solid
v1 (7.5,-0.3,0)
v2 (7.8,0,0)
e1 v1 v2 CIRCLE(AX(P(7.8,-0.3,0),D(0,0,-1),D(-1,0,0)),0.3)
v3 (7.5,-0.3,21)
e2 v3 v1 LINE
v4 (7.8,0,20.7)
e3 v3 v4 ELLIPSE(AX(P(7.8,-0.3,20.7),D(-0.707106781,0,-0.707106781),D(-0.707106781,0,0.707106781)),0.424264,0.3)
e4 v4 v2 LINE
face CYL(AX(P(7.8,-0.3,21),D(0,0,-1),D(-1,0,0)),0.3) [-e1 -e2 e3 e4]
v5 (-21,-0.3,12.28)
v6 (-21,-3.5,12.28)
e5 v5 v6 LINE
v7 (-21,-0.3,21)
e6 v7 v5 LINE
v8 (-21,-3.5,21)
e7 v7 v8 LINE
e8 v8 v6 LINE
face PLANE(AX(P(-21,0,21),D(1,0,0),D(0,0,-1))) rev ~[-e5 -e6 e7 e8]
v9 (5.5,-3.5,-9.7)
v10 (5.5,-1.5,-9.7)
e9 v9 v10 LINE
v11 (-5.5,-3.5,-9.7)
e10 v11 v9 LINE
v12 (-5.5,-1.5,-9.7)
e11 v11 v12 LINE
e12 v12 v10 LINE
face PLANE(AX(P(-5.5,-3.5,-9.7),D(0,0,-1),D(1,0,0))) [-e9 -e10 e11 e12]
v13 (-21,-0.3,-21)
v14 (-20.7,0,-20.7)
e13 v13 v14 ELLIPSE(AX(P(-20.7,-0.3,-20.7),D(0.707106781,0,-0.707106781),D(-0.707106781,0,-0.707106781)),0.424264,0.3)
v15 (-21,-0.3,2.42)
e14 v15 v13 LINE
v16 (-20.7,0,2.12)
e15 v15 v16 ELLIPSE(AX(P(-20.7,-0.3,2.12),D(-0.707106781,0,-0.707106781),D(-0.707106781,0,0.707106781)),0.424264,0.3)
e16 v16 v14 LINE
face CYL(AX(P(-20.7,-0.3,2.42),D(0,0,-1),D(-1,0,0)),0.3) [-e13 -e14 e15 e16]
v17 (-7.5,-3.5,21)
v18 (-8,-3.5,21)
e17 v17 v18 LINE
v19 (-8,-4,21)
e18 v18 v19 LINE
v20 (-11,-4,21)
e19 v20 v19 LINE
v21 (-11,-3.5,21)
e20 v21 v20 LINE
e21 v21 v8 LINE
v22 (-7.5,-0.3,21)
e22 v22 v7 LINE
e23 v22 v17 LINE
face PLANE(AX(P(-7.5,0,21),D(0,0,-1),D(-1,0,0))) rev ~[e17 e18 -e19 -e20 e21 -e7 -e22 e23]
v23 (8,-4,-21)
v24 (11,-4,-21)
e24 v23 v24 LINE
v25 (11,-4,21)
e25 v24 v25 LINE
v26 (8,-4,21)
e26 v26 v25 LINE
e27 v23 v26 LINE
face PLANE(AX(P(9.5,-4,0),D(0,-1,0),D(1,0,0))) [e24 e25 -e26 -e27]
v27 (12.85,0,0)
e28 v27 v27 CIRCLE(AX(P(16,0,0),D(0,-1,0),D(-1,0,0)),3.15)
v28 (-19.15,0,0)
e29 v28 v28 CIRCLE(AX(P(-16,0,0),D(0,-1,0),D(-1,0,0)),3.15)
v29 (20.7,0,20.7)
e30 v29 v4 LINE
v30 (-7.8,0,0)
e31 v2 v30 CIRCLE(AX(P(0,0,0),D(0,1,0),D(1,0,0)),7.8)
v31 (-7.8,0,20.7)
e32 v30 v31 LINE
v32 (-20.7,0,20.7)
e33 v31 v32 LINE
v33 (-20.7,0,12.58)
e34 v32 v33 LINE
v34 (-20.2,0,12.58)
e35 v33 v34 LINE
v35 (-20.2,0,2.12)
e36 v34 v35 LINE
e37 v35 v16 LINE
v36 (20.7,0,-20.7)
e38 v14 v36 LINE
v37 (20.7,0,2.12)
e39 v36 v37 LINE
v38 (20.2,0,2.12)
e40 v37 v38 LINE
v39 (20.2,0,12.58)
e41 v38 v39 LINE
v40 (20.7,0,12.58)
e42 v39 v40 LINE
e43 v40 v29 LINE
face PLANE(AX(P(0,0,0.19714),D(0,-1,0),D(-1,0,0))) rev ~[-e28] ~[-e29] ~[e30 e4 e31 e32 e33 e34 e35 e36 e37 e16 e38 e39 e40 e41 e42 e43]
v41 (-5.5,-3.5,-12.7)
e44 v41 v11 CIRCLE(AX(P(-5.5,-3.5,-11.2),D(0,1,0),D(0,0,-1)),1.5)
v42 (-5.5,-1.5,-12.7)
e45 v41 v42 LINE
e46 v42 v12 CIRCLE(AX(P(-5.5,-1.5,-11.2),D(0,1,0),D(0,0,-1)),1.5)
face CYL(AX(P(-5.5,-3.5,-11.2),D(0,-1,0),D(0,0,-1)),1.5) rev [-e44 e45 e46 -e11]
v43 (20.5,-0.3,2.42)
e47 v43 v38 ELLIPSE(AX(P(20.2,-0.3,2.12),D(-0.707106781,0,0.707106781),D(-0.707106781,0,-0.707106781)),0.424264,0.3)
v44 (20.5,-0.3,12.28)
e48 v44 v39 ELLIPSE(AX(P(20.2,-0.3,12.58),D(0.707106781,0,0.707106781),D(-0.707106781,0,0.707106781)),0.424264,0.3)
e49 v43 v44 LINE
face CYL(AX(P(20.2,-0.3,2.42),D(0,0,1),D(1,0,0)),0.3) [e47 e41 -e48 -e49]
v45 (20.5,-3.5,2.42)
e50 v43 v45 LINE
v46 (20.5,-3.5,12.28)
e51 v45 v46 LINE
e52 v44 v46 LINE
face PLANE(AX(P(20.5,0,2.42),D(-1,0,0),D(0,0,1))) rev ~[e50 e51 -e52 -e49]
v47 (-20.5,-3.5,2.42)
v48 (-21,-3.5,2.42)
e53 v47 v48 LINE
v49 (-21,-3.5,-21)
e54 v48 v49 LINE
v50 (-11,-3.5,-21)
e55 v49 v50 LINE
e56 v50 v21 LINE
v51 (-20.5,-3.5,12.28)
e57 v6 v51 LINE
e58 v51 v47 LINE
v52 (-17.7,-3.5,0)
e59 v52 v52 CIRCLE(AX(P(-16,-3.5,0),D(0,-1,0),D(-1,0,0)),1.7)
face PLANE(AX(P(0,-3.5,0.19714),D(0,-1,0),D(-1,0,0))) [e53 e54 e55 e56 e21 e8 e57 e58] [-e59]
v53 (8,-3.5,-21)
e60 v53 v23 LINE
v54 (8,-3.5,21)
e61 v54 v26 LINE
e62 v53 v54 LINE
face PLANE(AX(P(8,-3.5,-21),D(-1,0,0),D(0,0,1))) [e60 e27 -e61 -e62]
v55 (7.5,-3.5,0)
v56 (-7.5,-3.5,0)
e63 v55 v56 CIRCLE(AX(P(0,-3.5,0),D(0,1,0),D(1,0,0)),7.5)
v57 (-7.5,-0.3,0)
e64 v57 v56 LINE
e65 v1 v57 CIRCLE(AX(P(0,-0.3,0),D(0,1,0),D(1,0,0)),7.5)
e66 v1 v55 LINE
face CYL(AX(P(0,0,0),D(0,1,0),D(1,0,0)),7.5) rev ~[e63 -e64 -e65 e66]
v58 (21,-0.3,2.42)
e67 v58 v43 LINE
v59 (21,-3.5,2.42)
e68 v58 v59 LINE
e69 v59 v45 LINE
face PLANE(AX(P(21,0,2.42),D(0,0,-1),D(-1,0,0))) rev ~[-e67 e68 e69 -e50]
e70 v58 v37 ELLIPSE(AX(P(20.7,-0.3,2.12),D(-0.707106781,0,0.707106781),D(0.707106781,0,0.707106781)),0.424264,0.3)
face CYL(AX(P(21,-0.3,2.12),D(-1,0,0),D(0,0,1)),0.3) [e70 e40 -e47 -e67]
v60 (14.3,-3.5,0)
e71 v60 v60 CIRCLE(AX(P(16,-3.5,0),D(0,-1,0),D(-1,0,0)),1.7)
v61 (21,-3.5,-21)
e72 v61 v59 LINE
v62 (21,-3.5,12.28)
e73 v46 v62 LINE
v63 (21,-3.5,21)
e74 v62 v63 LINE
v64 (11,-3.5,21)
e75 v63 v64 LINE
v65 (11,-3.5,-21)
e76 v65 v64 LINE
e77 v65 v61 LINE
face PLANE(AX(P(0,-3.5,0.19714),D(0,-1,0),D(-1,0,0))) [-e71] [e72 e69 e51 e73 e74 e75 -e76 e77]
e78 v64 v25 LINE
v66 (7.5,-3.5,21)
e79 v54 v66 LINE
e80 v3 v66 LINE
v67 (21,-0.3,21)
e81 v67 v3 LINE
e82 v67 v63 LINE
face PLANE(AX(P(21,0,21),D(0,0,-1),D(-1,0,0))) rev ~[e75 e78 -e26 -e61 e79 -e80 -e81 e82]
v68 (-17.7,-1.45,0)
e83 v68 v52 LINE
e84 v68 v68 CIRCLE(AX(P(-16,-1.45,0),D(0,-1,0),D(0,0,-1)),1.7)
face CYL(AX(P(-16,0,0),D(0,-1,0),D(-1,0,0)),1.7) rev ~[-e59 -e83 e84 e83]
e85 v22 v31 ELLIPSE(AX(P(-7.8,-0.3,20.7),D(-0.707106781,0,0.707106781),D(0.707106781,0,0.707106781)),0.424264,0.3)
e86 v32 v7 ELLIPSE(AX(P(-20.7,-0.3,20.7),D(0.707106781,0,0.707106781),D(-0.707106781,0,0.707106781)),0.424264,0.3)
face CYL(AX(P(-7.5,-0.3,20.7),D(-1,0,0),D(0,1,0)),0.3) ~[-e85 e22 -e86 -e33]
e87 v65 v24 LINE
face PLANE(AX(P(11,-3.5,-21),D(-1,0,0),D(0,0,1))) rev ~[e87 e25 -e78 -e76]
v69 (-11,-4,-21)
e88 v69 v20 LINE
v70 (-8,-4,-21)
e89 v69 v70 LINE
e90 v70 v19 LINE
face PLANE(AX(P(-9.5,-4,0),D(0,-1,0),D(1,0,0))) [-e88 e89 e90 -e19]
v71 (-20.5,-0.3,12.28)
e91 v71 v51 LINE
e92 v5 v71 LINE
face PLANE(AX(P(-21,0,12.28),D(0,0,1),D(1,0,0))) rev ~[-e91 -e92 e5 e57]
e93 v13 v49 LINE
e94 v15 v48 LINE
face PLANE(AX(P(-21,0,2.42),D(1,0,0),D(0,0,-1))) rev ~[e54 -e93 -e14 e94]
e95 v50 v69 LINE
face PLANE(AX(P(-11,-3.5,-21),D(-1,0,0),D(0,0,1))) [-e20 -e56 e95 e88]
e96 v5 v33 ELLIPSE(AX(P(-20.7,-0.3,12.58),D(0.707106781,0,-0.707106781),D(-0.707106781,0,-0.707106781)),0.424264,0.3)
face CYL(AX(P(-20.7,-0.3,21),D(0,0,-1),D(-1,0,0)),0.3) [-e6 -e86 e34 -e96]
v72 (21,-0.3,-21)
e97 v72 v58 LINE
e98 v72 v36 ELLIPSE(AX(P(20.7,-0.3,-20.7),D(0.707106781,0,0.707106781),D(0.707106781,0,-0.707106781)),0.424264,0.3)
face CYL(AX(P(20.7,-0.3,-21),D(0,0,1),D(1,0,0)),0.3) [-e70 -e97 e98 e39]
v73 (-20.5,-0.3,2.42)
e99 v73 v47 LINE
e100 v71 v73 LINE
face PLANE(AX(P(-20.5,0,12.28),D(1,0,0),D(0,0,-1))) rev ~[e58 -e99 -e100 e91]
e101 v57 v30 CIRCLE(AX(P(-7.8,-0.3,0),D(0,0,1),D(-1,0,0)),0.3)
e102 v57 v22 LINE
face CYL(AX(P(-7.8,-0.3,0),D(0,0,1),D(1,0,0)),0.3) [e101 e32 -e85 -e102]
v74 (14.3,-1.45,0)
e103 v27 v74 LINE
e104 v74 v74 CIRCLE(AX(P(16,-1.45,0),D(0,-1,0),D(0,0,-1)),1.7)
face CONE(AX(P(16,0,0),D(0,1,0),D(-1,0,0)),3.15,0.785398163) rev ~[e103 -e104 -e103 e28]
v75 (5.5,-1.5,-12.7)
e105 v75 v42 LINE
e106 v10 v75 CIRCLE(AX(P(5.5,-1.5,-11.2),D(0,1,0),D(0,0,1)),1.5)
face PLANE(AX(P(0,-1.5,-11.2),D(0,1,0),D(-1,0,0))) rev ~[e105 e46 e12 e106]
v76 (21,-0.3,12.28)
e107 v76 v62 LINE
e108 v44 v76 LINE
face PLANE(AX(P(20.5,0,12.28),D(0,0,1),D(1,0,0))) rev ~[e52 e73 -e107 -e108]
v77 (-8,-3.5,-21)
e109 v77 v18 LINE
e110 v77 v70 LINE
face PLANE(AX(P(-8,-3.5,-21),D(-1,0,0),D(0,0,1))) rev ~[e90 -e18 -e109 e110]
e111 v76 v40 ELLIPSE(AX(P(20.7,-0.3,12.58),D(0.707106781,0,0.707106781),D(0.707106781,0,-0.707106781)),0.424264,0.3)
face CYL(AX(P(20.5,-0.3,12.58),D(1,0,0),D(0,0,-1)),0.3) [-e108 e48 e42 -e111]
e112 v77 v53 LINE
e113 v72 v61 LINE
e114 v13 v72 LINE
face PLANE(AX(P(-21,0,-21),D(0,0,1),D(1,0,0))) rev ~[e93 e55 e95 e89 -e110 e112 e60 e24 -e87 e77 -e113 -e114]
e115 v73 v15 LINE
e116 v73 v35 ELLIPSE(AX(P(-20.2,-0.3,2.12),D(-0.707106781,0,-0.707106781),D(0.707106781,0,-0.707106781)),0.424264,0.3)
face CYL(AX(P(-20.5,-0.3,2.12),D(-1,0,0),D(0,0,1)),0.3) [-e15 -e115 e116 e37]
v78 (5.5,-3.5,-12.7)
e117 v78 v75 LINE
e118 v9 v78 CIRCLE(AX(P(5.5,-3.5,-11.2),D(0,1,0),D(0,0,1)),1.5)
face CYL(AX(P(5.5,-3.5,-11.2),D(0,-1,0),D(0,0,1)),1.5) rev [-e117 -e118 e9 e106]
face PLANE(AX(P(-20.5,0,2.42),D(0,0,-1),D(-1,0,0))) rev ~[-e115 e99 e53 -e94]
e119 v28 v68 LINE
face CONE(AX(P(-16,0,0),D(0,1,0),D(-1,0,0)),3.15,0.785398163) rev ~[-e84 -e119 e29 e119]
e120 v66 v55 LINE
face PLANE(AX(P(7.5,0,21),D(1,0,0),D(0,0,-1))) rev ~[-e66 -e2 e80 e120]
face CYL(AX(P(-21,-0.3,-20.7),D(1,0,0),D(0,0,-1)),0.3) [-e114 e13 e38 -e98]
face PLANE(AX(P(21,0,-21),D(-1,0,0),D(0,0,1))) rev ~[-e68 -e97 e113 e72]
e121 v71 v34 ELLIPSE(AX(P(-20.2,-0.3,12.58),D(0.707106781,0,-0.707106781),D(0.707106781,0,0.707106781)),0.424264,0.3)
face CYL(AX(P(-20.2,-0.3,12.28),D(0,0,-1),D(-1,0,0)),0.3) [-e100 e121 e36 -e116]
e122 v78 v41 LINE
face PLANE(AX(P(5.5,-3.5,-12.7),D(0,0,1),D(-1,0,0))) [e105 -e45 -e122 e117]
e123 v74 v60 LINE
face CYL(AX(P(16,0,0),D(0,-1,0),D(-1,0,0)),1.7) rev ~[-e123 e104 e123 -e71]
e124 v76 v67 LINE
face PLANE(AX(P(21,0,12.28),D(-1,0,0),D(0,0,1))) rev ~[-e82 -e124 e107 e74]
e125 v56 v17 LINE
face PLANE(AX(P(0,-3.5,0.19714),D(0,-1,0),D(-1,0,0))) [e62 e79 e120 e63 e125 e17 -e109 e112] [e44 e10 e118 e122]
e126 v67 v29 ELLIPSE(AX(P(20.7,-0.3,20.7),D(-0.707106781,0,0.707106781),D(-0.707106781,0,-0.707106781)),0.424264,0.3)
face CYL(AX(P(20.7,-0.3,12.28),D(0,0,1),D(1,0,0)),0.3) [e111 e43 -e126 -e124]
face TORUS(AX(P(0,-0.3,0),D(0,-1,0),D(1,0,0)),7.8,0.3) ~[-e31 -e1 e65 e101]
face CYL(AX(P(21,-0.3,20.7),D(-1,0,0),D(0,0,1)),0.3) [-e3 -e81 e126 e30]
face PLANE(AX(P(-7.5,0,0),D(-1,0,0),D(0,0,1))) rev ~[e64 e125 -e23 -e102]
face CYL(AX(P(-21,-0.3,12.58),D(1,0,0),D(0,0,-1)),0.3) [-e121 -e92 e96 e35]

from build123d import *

# Parameters (mm, degrees)
SALIENTE_EXTRUIR1_DEPTH                              = 3.5
AVELLANADO_PARA_TORNILLO_CON_CABEZA_PLAN_D           = 3.4
AVELLANADO_PARA_TORNILLO_CON_CABEZA_PLAN_CSINK_D     = 6.3
AVELLANADO_PARA_TORNILLO_CON_CABEZA_PLAN_CSINK_ANGLE = 90
REDONDEO1_R                                          = 0.3
CROQUIS4_W                                           = 3
CROQUIS4_H                                           = 42
SALIENTE_EXTRUIR2_DEPTH                              = 0.5
CORTAR_EXTRUIR1_DEPTH                                = 2


with BuildPart() as part:
    # Croquis1 → Saliente-Extruir1 (new body)
    with BuildSketch(Plane(origin=(0, 0, 0), x_dir=(1, 0, 0), z_dir=(0, 1, 0))):
        with BuildLine():
            Line((-7.5, 0), (-7.5, -21))
            Line((-7.5, -21), (-21, -21))
            Line((-21, -21), (-21, -12.28))
            Line((-21, -12.28), (-20.5, -12.28))
            Line((-20.5, -12.28), (-20.5, -2.42))
            Line((-20.5, -2.42), (-21, -2.42))
            Line((-21, -2.42), (-21, 21))
            Line((-21, 21), (21, 21))
            Line((21, 21), (21, -2.42))
            Line((21, -2.42), (20.5, -2.42))
            Line((20.5, -2.42), (20.5, -12.28))
            Line((20.5, -12.28), (21, -12.28))
            Line((21, -12.28), (21, -21))
            Line((21, -21), (7.5, -21))
            Line((7.5, -21), (7.5, 0))
            ThreePointArc((7.5, 0), (0, 7.5), (-7.5, 0))
        make_face()
    extrude(amount=-SALIENTE_EXTRUIR1_DEPTH)

    # Avellanado para tornillo con cabeza plana avellanada de M31 (through all)
    with Locations(Plane(origin=(0, 0, 0), x_dir=(1, 0, 0), z_dir=(0, 1, 0))):
        with Locations((-16, 0), (16, 0)):
            CounterSinkHole(AVELLANADO_PARA_TORNILLO_CON_CABEZA_PLAN_D / 2, AVELLANADO_PARA_TORNILLO_CON_CABEZA_PLAN_CSINK_D / 2, counter_sink_angle=AVELLANADO_PARA_TORNILLO_CON_CABEZA_PLAN_CSINK_ANGLE)

    # Redondeo1
    redondeo1_edges = [part.edges().sort_by_distance(p)[0] for p in [
        (14.25, 0, 21),
        (7.5, 0, 10.5),
        (0, 0, -7.5),
        (-7.5, 0, 10.5),
        (-14.25, 0, 21),
        (-21, 0, 16.64),
        (-20.75, 0, 12.28),
        (-20.5, 0, 7.35),
        (-20.75, 0, 2.42),
        (-21, 0, -9.29),
        (0, 0, -21),
        (21, 0, -9.29),
        (20.75, 0, 2.42),
        (20.5, 0, 7.35),
        (20.75, 0, 12.28),
        (21, 0, 16.64),
    ]]
    fillet(redondeo1_edges, radius=REDONDEO1_R)

    # Croquis4 → Saliente-Extruir2 (add)
    with BuildSketch(Plane.XZ.offset(3.5)):
        with Locations((9.5, 0)):
            Rectangle(CROQUIS4_W, CROQUIS4_H)
        with Locations((-9.5, 0)):
            Rectangle(CROQUIS4_W, CROQUIS4_H)
    extrude(amount=SALIENTE_EXTRUIR2_DEPTH)

    # Croquis5 → Cortar-Extruir1 (cut)
    with BuildSketch(Plane.XZ.offset(3.5)):
        with BuildLine():
            Line((-5.5, -9.7), (5.5, -9.7))
            ThreePointArc((5.5, -9.7), (7, -11.2), (5.5, -12.7))
            Line((5.5, -12.7), (-5.5, -12.7))
            ThreePointArc((-5.5, -12.7), (-7, -11.2), (-5.5, -9.7))
        make_face()
    extrude(amount=-CORTAR_EXTRUIR1_DEPTH, mode=Mode.SUBTRACT)


solid = part.part
